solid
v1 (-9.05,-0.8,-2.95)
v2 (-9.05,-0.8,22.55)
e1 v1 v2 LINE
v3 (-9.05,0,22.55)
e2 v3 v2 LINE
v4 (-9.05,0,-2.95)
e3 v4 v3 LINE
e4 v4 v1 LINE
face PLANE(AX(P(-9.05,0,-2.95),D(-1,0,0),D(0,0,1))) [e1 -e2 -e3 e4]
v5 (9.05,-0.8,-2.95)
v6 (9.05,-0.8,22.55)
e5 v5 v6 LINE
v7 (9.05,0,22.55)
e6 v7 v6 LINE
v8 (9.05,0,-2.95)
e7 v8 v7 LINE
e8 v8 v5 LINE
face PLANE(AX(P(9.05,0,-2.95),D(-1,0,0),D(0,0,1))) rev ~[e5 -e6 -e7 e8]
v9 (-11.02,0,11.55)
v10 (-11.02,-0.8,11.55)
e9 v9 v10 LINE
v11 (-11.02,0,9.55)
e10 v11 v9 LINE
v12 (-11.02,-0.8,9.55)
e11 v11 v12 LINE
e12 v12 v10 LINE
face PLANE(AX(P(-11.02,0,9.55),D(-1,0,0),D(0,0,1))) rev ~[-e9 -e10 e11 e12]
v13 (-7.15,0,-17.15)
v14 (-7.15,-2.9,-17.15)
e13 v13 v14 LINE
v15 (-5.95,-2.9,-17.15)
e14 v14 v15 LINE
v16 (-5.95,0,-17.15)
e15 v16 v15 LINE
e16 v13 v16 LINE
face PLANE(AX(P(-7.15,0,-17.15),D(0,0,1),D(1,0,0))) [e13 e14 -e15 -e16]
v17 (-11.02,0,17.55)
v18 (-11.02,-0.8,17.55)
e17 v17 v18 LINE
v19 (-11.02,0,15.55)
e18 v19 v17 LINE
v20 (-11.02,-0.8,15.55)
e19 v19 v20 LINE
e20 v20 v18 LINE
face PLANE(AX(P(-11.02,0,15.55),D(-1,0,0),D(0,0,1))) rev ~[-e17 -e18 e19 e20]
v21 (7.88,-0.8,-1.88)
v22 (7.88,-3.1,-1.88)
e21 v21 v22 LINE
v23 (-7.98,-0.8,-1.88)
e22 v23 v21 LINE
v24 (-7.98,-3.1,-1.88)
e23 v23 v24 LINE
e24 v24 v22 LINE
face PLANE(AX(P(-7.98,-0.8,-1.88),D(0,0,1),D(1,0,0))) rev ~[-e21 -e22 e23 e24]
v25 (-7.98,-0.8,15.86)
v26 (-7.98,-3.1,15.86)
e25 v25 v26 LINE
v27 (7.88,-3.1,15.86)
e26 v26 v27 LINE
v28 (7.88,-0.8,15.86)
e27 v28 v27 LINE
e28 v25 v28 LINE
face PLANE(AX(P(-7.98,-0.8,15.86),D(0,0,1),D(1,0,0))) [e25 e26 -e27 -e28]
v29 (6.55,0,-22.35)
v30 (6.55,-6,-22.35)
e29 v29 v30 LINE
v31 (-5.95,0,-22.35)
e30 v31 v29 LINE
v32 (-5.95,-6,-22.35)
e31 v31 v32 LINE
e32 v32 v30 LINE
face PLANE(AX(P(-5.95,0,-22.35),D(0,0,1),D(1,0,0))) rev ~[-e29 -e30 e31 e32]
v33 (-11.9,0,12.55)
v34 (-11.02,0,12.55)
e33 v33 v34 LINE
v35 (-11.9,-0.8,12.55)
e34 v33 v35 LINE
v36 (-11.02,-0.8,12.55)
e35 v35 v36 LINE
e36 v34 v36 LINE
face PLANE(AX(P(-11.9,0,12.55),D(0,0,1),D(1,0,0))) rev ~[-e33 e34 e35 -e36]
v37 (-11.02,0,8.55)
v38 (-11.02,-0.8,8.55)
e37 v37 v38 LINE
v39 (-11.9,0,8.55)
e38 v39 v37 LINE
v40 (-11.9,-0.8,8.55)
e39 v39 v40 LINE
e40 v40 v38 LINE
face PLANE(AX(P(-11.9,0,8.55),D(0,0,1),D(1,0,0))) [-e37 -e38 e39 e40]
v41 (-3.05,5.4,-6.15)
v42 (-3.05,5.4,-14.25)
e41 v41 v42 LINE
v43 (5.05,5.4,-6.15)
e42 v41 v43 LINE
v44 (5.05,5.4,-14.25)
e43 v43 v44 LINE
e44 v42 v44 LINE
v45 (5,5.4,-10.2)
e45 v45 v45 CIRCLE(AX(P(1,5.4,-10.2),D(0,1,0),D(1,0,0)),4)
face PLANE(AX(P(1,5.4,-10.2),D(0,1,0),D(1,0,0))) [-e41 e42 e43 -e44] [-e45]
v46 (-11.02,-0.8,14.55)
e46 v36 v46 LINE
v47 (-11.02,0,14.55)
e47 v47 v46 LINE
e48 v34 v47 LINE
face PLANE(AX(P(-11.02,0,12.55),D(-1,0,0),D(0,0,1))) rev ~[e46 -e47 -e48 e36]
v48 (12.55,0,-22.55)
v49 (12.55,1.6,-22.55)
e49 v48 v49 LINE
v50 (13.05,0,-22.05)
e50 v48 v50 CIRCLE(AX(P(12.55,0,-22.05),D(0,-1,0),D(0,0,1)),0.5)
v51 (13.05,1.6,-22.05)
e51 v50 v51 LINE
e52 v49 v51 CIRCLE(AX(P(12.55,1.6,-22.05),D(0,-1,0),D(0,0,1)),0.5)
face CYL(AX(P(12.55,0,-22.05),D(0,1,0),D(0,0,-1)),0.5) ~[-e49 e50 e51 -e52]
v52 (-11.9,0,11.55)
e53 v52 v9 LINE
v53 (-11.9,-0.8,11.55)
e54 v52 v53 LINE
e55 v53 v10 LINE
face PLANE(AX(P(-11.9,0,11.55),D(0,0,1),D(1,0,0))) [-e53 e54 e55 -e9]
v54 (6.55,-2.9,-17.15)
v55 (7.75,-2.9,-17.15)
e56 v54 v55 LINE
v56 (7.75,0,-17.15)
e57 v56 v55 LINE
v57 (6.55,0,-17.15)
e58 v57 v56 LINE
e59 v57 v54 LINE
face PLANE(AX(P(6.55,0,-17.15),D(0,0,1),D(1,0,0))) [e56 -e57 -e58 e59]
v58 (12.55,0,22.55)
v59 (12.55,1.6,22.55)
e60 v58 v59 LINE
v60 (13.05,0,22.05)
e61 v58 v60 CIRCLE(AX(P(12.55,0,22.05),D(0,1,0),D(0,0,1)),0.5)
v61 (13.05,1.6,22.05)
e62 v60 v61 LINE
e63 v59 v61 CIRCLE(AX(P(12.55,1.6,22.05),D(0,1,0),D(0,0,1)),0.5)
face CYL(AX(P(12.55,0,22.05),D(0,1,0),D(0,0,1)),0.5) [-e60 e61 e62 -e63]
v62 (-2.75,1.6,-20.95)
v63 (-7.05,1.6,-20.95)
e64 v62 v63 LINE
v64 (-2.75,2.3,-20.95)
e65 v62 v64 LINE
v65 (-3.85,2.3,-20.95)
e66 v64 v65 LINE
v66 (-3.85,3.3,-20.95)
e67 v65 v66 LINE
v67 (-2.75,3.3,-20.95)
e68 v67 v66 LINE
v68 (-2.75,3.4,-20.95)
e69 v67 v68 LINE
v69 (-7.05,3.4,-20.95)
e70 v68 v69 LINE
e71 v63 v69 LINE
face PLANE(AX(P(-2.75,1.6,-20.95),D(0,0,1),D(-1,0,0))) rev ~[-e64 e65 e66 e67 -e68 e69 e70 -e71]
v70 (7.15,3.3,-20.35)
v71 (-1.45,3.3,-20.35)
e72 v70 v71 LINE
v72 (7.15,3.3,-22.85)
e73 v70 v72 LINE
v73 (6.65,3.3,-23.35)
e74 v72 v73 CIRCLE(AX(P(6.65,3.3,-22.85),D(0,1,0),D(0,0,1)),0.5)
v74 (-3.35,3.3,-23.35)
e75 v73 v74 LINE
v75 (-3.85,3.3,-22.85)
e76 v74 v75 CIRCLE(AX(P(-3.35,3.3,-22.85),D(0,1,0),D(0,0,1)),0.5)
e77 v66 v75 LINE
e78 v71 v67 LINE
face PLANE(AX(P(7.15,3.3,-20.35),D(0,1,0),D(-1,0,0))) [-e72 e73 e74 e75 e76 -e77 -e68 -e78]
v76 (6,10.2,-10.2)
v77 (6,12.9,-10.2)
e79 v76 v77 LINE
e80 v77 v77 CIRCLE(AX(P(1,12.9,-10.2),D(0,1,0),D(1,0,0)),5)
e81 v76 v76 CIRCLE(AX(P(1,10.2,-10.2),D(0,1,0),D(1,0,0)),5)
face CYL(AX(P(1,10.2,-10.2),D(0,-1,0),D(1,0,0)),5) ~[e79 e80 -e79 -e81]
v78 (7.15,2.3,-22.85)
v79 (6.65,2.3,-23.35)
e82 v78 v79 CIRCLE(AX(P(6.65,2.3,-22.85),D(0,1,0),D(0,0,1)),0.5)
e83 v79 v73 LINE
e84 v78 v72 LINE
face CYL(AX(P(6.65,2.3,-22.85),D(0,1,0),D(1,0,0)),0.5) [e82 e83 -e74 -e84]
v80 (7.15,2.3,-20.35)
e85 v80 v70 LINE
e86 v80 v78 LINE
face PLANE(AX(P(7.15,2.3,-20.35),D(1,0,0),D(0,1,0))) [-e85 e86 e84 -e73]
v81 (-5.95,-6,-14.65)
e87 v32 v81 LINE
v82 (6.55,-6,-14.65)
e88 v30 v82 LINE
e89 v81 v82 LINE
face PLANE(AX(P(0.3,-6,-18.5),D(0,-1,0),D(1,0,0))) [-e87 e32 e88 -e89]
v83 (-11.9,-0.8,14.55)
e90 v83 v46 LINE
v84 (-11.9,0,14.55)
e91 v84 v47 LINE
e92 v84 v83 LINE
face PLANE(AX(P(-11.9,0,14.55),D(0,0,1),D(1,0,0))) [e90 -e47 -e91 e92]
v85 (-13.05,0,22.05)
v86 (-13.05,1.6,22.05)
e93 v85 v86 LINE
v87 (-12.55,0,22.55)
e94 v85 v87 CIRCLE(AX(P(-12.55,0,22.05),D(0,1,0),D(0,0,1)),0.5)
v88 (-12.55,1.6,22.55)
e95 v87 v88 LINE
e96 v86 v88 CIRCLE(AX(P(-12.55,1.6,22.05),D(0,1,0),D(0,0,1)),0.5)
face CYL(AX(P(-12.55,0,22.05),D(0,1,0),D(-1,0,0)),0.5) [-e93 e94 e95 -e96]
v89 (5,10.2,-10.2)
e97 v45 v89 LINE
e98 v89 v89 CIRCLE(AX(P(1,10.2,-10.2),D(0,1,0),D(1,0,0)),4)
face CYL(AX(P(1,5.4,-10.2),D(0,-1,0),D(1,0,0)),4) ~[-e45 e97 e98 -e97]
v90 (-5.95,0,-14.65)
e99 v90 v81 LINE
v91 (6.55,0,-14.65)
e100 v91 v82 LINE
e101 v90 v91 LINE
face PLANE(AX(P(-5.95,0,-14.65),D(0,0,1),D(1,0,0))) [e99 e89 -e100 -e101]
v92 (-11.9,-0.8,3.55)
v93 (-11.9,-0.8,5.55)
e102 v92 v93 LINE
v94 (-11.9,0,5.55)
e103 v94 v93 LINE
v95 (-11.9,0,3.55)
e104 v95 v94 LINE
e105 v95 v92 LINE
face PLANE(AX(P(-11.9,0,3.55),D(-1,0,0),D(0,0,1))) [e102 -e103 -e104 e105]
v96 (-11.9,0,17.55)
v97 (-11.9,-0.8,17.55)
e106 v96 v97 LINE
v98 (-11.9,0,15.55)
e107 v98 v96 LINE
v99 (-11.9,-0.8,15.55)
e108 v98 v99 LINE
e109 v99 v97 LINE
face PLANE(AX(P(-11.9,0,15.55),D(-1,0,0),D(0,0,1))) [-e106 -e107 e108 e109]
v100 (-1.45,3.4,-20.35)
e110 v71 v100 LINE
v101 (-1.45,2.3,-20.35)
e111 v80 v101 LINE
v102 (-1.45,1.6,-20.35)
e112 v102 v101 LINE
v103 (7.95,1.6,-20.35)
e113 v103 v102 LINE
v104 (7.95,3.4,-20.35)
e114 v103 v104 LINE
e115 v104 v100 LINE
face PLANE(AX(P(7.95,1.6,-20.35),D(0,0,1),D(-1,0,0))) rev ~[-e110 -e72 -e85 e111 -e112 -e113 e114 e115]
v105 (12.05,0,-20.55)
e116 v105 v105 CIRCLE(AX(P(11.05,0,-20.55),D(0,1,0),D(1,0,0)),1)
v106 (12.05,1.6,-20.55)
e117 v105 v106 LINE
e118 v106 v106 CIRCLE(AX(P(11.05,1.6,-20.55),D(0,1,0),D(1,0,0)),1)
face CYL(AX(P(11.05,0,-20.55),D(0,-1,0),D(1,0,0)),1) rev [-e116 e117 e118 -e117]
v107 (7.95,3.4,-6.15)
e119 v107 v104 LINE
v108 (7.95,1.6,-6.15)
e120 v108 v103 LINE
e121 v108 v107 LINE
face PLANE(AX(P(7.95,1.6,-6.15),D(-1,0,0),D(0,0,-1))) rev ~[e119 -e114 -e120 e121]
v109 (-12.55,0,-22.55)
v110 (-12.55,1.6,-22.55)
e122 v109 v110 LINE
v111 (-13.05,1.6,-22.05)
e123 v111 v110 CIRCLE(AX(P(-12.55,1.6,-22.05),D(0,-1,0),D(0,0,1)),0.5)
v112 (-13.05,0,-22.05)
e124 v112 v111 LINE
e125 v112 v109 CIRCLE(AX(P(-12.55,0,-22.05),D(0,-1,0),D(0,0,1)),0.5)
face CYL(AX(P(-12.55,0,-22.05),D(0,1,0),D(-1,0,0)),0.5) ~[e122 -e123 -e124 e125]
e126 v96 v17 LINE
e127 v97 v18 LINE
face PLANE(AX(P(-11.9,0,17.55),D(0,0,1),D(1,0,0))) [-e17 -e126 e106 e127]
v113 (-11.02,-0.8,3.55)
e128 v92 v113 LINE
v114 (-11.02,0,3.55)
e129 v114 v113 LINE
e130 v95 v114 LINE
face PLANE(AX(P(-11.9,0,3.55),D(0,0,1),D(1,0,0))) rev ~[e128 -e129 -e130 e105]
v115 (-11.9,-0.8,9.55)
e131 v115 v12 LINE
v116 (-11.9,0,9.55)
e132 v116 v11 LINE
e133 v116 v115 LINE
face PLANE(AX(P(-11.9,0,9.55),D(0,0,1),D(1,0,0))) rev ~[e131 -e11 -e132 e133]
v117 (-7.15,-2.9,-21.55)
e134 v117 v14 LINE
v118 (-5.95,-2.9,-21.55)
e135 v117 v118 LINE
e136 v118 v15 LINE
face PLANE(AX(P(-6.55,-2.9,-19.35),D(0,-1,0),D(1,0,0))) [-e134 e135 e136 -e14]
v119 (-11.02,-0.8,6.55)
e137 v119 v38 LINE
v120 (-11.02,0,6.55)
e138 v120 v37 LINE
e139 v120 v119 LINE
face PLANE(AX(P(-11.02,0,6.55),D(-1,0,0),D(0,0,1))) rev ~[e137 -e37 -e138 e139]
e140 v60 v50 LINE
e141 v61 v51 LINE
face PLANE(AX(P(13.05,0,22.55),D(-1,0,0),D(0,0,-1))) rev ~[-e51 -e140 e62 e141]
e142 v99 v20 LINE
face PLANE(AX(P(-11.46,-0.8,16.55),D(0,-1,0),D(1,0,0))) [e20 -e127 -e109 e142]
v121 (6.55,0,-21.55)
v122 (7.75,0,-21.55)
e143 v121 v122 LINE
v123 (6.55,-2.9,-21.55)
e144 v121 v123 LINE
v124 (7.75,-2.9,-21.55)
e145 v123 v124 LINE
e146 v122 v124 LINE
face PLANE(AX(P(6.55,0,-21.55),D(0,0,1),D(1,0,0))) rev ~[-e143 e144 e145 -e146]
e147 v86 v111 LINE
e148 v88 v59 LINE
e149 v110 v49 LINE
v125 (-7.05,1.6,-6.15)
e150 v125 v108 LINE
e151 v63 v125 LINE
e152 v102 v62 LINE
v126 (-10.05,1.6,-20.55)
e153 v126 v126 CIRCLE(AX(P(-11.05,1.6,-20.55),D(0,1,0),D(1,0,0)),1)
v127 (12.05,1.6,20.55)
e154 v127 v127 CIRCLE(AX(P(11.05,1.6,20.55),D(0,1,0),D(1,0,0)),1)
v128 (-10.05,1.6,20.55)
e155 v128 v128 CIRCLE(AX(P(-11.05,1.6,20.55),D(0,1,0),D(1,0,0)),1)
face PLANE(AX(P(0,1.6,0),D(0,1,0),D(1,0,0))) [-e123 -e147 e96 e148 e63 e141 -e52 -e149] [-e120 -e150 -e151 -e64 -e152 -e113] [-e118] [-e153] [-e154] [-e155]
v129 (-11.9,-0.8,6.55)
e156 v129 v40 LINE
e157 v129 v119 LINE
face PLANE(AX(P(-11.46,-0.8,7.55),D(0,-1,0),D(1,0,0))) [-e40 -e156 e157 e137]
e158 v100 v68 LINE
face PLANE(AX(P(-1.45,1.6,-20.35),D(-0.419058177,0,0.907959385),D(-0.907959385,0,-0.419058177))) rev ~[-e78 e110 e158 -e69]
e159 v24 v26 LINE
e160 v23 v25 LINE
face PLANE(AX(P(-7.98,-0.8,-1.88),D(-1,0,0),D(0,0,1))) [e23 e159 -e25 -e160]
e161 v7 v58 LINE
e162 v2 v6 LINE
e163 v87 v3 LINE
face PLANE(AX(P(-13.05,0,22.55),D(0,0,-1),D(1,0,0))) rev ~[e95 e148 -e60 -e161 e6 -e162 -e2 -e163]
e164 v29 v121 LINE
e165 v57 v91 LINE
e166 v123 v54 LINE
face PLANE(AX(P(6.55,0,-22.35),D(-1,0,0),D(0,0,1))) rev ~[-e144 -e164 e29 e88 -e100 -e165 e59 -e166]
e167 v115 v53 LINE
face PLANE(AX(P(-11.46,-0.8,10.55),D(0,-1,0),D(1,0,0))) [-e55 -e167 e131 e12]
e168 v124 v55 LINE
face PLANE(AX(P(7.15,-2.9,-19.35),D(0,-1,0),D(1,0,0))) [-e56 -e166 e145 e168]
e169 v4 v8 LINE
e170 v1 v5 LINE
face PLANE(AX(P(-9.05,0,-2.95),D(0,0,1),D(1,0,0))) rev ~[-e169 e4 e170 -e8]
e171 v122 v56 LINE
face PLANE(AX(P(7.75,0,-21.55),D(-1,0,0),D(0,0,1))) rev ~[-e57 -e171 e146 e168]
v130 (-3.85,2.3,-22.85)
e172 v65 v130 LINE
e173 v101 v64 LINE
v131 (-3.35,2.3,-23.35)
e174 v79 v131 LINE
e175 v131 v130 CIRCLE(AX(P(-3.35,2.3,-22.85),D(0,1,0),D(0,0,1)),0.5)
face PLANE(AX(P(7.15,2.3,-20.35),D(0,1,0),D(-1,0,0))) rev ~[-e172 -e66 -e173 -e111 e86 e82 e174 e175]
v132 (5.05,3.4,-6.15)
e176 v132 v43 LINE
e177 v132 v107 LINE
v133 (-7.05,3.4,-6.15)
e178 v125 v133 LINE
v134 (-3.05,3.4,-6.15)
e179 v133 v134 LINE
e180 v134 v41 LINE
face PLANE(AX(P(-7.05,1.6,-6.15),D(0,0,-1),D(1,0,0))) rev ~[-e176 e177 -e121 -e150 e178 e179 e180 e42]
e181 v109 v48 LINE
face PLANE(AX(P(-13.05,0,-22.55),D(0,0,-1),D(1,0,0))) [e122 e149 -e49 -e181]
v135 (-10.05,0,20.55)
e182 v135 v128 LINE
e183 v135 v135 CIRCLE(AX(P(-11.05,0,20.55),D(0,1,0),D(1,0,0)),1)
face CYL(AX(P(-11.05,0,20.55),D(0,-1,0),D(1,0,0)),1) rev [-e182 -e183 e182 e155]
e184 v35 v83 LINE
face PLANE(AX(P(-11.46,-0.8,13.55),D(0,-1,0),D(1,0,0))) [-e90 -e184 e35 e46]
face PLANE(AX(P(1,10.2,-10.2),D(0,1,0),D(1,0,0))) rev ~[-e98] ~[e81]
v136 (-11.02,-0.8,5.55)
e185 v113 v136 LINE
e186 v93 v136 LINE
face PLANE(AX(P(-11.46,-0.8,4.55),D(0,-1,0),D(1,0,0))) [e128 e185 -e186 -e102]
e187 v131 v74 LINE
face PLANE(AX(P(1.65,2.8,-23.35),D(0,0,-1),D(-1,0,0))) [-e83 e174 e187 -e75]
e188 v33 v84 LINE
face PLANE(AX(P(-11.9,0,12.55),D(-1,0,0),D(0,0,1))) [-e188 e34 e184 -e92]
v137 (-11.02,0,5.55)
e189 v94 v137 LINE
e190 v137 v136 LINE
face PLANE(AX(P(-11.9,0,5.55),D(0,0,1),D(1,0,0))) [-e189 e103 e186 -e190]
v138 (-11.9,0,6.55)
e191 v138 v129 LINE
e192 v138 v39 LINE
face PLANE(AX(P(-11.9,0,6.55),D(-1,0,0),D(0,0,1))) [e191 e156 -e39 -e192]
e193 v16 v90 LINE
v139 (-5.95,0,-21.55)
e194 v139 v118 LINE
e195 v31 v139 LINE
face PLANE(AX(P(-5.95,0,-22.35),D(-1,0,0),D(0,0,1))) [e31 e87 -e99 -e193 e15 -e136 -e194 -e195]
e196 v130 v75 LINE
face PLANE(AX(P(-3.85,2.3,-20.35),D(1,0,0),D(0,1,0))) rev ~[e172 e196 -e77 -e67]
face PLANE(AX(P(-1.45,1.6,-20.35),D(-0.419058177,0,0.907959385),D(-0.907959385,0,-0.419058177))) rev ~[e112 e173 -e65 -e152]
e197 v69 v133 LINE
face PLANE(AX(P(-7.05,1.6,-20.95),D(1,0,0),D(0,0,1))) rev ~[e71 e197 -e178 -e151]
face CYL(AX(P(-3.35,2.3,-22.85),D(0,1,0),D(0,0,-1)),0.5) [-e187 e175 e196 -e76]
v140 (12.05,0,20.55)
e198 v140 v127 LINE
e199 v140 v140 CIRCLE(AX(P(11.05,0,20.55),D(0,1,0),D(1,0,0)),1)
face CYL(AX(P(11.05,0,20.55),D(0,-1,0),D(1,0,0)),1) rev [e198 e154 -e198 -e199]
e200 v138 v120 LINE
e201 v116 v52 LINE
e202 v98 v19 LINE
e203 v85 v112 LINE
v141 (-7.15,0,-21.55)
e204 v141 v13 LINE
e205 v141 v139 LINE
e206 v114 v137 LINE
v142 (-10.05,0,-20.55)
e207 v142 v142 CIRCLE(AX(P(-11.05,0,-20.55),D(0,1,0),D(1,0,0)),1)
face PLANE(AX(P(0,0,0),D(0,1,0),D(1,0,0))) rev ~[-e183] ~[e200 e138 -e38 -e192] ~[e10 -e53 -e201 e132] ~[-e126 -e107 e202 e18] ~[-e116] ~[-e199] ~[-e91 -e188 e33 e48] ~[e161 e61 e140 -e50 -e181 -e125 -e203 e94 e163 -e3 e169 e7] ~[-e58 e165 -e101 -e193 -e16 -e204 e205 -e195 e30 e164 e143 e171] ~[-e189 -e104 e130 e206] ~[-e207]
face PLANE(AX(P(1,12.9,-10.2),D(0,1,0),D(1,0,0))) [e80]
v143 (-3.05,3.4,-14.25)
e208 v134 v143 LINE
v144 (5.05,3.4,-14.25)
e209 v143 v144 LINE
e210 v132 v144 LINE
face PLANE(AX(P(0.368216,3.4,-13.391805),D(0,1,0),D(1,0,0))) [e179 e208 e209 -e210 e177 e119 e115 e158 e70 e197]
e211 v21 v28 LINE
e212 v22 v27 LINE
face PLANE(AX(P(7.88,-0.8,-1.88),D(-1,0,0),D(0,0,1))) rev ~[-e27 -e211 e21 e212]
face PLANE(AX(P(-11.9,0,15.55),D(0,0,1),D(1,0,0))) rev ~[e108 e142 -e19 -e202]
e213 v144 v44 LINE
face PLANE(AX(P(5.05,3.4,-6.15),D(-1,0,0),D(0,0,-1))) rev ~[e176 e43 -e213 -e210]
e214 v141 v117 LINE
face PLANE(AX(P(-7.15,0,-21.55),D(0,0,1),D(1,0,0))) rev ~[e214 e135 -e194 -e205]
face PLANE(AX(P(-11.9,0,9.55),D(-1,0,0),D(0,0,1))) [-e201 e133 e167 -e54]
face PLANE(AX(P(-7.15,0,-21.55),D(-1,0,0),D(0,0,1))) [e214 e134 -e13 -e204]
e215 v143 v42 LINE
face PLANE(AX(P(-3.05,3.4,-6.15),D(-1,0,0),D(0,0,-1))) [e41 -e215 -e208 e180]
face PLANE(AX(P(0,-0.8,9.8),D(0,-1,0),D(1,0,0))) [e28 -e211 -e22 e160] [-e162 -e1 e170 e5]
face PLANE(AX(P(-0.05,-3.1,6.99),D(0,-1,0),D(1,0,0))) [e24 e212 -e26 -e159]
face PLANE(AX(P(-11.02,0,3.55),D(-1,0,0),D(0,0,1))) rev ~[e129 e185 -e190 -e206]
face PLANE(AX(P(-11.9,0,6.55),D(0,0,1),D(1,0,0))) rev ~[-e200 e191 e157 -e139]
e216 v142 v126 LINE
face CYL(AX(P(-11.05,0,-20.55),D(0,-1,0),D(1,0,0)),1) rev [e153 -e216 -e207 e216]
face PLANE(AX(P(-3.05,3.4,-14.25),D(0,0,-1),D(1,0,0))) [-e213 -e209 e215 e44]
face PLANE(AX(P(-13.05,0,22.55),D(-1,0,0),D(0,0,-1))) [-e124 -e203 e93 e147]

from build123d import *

# Parameters (mm, degrees)
SKETCH_1_W       = 26.1
SKETCH_1_H       = 45.1
SKETCH_1_R       = 1
EXTRUDE_1_DEPTH  = 1.6
EXTRUDE_2_DEPTH  = 1.8
SKETCH_3_W       = 11
SKETCH_3_H       = 1
EXTRUDE_3_DEPTH  = 3
FILLET_1_R       = 0.5
SKETCH_4_W       = 8.1
SKETCH_4_H       = 8.1
EXTRUDE_4_DEPTH  = 2
SKETCH_5_R       = 4
EXTRUDE_5_DEPTH  = 4.8
SKETCH_6_R       = 5
EXTRUDE_6_DEPTH  = 2.7
SKETCH_7_W       = 12.5
SKETCH_7_H       = 7.7
EXTRUDE_7_DEPTH  = 6
SKETCH_9_W       = 1.2
SKETCH_9_H       = 4.4
EXTRUDE_8_DEPTH  = 2.9
SKETCH_10_W      = 18.1
SKETCH_10_H      = 25.5
EXTRUDE_9_DEPTH  = 0.8
SKETCH_11_W      = 15.86
SKETCH_11_H      = 17.74
EXTRUDE_10_DEPTH = 2.3
SKETCH_12_W      = 0.88
SKETCH_12_H      = 2
EXTRUDE_11_DEPTH = 0.8


with BuildPart() as part:
    # 草图1 → 凸台-拉伸1 (new body)
    with BuildSketch(Plane(origin=(0, 0, 0), x_dir=(1, 0, 0), z_dir=(0, 1, 0))):
        Rectangle(SKETCH_1_W, SKETCH_1_H)
        with Locations((-11.05, 20.55)):
            Circle(SKETCH_1_R, mode=Mode.SUBTRACT)
        with Locations((11.05, 20.55)):
            Circle(SKETCH_1_R, mode=Mode.SUBTRACT)
        with Locations((-11.05, -20.55)):
            Circle(SKETCH_1_R, mode=Mode.SUBTRACT)
        with Locations((11.05, -20.55)):
            Circle(SKETCH_1_R, mode=Mode.SUBTRACT)
    extrude(amount=EXTRUDE_1_DEPTH)

    # 草图2 → 凸台-拉伸2 (add)
    with BuildSketch(Plane(origin=(0, 1.6, 0), x_dir=(1, 0, 0), z_dir=(0, 1, 0))):
        Polygon((-7.05, 6.15), (7.95, 6.15), (7.95, 20.35), (-1.45, 20.35), (-2.75, 20.95), (-7.05, 20.95), align=None)
    extrude(amount=EXTRUDE_2_DEPTH)

    # 草图3 → 凸台-拉伸3 (add)
    with BuildSketch(Plane(origin=(0, 0, -20.35), x_dir=(-1, 0, 0), z_dir=(0, 0, -1))):
        with Locations((-1.65, 2.8)):
            Rectangle(SKETCH_3_W, SKETCH_3_H)
    extrude(amount=EXTRUDE_3_DEPTH)

    # 圆角1
    fillet_1_edges = [part.edges().sort_by_distance(p)[0] for p in [
        (-3.85, 2.8, -23.35),
        (7.15, 2.8, -23.35),
        (13.05, 0.8, -22.55),
        (13.05, 0.8, 22.55),
        (-13.05, 0.8, 22.55),
        (-13.05, 0.8, -22.55),
    ]]
    fillet(fillet_1_edges, radius=FILLET_1_R)

    # 草图4 → 凸台-拉伸4 (add)
    with BuildSketch(Plane(origin=(0, 3.4, 0), x_dir=(1, 0, 0), z_dir=(0, 1, 0))):
        with Locations((1, 10.2)):
            Rectangle(SKETCH_4_W, SKETCH_4_H)
    extrude(amount=EXTRUDE_4_DEPTH)

    # 草图5 → 凸台-拉伸5 (add)
    with BuildSketch(Plane(origin=(0, 5.4, 0), x_dir=(1, 0, 0), z_dir=(0, 1, 0))):
        with Locations((1, 10.2)):
            Circle(SKETCH_5_R)
    extrude(amount=EXTRUDE_5_DEPTH)

    # 草图6 → 凸台-拉伸6 (add)
    with BuildSketch(Plane(origin=(0, 10.2, 0), x_dir=(1, 0, 0), z_dir=(0, 1, 0))):
        with Locations((1, 10.2)):
            Circle(SKETCH_6_R)
    extrude(amount=EXTRUDE_6_DEPTH)

    # 草图7 → 凸台-拉伸7 (add)
    with BuildSketch(Plane.XZ):
        with Locations((0.3, -18.5)):
            Rectangle(SKETCH_7_W, SKETCH_7_H)
    extrude(amount=EXTRUDE_7_DEPTH)

    # 草图9 → 凸台-拉伸8 (add)
    with BuildSketch(Plane.XZ):
        with Locations((7.15, -19.35)):
            Rectangle(SKETCH_9_W, SKETCH_9_H)
        with Locations((-6.55, -19.35)):
            Rectangle(SKETCH_9_W, SKETCH_9_H)
    extrude(amount=EXTRUDE_8_DEPTH)

    # 草图10 → 凸台-拉伸9 (add)
    with BuildSketch(Plane.XZ):
        with Locations((0, 9.8)):
            Rectangle(SKETCH_10_W, SKETCH_10_H)
    extrude(amount=EXTRUDE_9_DEPTH)

    # 草图11 → 凸台-拉伸10 (add)
    with BuildSketch(Plane.XZ.offset(0.8)):
        with Locations((-0.05, 6.99)):
            Rectangle(SKETCH_11_W, SKETCH_11_H)
    extrude(amount=EXTRUDE_10_DEPTH)

    # 草图12 → 凸台-拉伸11 (add)
    with BuildSketch(Plane.XZ):
        with Locations((-11.46, 16.55)):
            Rectangle(SKETCH_12_W, SKETCH_12_H)
        with Locations((-11.46, 13.55)):
            Rectangle(SKETCH_12_W, SKETCH_12_H)
        with Locations((-11.46, 10.55)):
            Rectangle(SKETCH_12_W, SKETCH_12_H)
        with Locations((-11.46, 7.55)):
            Rectangle(SKETCH_12_W, SKETCH_12_H)
        with Locations((-11.46, 4.55)):
            Rectangle(SKETCH_12_W, SKETCH_12_H)
    extrude(amount=EXTRUDE_11_DEPTH)


solid = part.part
